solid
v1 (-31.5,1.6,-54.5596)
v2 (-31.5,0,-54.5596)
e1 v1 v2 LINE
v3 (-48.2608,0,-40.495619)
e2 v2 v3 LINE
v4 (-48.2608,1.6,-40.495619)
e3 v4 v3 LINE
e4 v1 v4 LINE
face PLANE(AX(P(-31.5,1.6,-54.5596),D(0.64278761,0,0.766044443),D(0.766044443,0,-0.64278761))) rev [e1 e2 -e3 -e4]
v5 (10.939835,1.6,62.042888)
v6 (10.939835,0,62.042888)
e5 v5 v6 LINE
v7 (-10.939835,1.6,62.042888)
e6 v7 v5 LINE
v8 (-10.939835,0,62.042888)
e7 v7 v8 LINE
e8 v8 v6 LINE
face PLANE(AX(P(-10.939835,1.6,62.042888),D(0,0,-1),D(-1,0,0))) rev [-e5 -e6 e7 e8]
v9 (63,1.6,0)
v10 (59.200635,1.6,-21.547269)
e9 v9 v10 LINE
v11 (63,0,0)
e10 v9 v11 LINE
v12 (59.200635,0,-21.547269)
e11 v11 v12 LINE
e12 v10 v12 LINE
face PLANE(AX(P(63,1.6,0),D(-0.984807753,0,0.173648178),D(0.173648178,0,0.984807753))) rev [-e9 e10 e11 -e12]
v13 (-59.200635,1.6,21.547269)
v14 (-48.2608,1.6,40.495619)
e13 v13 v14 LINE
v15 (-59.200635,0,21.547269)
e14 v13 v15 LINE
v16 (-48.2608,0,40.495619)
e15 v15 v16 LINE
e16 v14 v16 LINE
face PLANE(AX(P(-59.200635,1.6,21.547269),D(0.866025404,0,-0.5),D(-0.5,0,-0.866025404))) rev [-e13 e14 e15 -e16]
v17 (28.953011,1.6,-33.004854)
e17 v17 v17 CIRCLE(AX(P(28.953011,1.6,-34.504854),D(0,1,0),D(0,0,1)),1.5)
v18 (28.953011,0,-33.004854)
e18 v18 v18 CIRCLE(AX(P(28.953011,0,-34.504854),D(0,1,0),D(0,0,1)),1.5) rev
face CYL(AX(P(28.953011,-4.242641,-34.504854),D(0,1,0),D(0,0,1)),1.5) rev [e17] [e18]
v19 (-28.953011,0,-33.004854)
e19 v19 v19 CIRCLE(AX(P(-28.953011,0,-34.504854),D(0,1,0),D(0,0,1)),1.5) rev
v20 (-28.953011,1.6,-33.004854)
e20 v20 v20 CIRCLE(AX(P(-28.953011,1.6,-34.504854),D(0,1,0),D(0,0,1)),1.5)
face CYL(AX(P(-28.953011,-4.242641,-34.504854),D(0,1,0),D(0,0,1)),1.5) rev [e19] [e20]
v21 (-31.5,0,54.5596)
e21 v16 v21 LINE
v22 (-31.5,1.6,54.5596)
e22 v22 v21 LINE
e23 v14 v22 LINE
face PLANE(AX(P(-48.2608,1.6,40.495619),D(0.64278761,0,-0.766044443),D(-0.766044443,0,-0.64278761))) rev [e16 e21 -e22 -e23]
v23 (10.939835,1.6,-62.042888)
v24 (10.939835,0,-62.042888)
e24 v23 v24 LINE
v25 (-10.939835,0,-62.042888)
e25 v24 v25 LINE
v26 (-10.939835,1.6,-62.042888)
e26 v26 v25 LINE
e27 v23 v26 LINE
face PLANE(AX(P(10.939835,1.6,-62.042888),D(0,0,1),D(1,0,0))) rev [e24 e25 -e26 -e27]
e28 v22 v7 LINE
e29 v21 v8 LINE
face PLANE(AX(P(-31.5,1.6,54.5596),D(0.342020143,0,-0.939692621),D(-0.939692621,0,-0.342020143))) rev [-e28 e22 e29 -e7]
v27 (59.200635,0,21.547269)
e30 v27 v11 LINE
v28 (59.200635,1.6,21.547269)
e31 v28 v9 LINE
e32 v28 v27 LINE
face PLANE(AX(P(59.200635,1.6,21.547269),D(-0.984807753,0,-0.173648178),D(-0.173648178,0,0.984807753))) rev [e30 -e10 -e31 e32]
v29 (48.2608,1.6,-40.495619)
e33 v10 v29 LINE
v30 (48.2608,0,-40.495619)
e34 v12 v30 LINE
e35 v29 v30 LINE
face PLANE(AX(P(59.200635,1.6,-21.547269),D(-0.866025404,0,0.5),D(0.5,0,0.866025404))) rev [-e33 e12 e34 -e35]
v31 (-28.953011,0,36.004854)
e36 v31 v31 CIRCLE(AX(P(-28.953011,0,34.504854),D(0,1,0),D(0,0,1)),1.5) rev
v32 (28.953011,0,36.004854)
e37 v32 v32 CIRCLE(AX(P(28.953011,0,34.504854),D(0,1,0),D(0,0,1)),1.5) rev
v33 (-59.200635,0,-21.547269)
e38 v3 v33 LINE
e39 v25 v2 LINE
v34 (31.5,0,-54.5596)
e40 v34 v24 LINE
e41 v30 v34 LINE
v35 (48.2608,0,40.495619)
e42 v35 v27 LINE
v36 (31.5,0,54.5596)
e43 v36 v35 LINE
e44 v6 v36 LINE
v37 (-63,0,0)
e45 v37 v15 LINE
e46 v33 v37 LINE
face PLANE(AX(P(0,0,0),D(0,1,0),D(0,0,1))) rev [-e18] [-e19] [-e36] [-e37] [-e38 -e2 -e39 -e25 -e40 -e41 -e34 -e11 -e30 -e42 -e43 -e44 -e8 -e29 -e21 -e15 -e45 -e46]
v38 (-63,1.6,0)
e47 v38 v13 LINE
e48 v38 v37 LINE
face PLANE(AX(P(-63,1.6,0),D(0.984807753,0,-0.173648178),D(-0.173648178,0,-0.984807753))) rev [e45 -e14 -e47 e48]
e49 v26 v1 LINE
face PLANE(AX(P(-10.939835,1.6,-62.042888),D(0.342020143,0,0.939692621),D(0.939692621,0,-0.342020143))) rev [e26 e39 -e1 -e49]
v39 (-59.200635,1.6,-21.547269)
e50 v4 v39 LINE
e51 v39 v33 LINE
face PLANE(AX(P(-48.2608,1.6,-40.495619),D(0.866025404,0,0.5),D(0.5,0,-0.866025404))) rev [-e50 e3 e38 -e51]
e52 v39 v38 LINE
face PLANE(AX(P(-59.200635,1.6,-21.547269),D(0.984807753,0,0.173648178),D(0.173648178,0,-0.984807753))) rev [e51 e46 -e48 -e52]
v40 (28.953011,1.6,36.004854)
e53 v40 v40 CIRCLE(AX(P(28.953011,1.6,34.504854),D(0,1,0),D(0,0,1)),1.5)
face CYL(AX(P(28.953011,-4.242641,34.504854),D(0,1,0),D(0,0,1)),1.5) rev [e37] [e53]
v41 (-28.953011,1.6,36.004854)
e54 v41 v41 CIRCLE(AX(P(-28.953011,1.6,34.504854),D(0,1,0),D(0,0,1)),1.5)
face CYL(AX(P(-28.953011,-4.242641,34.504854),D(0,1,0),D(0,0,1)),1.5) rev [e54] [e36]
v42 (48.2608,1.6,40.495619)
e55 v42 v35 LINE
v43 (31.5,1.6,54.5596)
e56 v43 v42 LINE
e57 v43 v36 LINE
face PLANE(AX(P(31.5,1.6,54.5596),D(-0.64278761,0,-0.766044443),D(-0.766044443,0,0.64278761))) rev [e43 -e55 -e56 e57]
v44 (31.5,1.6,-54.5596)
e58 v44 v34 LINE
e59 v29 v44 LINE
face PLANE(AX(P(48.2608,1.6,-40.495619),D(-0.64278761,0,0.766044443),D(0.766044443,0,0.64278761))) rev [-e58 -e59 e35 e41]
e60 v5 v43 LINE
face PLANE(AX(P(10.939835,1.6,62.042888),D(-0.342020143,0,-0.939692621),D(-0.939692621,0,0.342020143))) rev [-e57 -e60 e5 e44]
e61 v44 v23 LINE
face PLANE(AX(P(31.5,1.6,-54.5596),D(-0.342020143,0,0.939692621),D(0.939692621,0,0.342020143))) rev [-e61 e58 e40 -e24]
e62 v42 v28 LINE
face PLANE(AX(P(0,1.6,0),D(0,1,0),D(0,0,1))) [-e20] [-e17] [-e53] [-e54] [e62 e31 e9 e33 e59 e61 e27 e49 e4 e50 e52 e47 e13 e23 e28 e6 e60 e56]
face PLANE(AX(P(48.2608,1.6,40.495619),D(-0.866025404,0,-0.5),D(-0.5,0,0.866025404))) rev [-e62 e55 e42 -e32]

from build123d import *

# Parameters (mm, degrees)
BOSS_EXTRUDE1_DEPTH = 1.6
SKETCH7_R           = 1.5
CUT_EXTRUDE4_DEPTH  = 1.6


with BuildPart() as part:
    # Sketch1 → Boss-Extrude1 (new body)
    with BuildSketch(Plane(origin=(0, 0, 0), x_dir=(1, 0, 0), z_dir=(0, 1, 0))):
        Polygon((63, 0), (59.20063511, 21.54726903), (48.260799916, 40.49561941), (31.5, 54.559600438), (10.939835193, 62.04288844), (-10.939835193, 62.04288844), (-31.5, 54.559600438), (-48.260799916, 40.49561941), (-59.20063511, 21.54726903), (-63, 0), (-59.20063511, -21.54726903), (-48.260799916, -40.49561941), (-31.5, -54.559600438), (-10.939835193, -62.04288844), (10.939835193, -62.04288844), (31.5, -54.559600438), (48.260799916, -40.49561941), (59.20063511, -21.54726903), align=None)
    extrude(amount=BOSS_EXTRUDE1_DEPTH)

    # Sketch7 → Cut-Extrude4 (cut)
    with BuildSketch(Plane(origin=(0, 1.6, 0), x_dir=(1, 0, 0), z_dir=(0, 1, 0))):
        with Locations(Location((-28.953010594, 34.504854391, 0), (0, 0, 270))):
            Circle(SKETCH7_R)
        with Locations(Location((28.953010594, 34.504854391, 0), (0, 0, 270))):
            Circle(SKETCH7_R)
        with Locations(Location((-28.953010594, -34.504854391, 0), (0, 0, 270))):
            Circle(SKETCH7_R)
        with Locations(Location((28.953010594, -34.504854391, 0), (0, 0, 270))):
            Circle(SKETCH7_R)
    extrude(amount=-CUT_EXTRUDE4_DEPTH, mode=Mode.SUBTRACT)


solid = part.part
